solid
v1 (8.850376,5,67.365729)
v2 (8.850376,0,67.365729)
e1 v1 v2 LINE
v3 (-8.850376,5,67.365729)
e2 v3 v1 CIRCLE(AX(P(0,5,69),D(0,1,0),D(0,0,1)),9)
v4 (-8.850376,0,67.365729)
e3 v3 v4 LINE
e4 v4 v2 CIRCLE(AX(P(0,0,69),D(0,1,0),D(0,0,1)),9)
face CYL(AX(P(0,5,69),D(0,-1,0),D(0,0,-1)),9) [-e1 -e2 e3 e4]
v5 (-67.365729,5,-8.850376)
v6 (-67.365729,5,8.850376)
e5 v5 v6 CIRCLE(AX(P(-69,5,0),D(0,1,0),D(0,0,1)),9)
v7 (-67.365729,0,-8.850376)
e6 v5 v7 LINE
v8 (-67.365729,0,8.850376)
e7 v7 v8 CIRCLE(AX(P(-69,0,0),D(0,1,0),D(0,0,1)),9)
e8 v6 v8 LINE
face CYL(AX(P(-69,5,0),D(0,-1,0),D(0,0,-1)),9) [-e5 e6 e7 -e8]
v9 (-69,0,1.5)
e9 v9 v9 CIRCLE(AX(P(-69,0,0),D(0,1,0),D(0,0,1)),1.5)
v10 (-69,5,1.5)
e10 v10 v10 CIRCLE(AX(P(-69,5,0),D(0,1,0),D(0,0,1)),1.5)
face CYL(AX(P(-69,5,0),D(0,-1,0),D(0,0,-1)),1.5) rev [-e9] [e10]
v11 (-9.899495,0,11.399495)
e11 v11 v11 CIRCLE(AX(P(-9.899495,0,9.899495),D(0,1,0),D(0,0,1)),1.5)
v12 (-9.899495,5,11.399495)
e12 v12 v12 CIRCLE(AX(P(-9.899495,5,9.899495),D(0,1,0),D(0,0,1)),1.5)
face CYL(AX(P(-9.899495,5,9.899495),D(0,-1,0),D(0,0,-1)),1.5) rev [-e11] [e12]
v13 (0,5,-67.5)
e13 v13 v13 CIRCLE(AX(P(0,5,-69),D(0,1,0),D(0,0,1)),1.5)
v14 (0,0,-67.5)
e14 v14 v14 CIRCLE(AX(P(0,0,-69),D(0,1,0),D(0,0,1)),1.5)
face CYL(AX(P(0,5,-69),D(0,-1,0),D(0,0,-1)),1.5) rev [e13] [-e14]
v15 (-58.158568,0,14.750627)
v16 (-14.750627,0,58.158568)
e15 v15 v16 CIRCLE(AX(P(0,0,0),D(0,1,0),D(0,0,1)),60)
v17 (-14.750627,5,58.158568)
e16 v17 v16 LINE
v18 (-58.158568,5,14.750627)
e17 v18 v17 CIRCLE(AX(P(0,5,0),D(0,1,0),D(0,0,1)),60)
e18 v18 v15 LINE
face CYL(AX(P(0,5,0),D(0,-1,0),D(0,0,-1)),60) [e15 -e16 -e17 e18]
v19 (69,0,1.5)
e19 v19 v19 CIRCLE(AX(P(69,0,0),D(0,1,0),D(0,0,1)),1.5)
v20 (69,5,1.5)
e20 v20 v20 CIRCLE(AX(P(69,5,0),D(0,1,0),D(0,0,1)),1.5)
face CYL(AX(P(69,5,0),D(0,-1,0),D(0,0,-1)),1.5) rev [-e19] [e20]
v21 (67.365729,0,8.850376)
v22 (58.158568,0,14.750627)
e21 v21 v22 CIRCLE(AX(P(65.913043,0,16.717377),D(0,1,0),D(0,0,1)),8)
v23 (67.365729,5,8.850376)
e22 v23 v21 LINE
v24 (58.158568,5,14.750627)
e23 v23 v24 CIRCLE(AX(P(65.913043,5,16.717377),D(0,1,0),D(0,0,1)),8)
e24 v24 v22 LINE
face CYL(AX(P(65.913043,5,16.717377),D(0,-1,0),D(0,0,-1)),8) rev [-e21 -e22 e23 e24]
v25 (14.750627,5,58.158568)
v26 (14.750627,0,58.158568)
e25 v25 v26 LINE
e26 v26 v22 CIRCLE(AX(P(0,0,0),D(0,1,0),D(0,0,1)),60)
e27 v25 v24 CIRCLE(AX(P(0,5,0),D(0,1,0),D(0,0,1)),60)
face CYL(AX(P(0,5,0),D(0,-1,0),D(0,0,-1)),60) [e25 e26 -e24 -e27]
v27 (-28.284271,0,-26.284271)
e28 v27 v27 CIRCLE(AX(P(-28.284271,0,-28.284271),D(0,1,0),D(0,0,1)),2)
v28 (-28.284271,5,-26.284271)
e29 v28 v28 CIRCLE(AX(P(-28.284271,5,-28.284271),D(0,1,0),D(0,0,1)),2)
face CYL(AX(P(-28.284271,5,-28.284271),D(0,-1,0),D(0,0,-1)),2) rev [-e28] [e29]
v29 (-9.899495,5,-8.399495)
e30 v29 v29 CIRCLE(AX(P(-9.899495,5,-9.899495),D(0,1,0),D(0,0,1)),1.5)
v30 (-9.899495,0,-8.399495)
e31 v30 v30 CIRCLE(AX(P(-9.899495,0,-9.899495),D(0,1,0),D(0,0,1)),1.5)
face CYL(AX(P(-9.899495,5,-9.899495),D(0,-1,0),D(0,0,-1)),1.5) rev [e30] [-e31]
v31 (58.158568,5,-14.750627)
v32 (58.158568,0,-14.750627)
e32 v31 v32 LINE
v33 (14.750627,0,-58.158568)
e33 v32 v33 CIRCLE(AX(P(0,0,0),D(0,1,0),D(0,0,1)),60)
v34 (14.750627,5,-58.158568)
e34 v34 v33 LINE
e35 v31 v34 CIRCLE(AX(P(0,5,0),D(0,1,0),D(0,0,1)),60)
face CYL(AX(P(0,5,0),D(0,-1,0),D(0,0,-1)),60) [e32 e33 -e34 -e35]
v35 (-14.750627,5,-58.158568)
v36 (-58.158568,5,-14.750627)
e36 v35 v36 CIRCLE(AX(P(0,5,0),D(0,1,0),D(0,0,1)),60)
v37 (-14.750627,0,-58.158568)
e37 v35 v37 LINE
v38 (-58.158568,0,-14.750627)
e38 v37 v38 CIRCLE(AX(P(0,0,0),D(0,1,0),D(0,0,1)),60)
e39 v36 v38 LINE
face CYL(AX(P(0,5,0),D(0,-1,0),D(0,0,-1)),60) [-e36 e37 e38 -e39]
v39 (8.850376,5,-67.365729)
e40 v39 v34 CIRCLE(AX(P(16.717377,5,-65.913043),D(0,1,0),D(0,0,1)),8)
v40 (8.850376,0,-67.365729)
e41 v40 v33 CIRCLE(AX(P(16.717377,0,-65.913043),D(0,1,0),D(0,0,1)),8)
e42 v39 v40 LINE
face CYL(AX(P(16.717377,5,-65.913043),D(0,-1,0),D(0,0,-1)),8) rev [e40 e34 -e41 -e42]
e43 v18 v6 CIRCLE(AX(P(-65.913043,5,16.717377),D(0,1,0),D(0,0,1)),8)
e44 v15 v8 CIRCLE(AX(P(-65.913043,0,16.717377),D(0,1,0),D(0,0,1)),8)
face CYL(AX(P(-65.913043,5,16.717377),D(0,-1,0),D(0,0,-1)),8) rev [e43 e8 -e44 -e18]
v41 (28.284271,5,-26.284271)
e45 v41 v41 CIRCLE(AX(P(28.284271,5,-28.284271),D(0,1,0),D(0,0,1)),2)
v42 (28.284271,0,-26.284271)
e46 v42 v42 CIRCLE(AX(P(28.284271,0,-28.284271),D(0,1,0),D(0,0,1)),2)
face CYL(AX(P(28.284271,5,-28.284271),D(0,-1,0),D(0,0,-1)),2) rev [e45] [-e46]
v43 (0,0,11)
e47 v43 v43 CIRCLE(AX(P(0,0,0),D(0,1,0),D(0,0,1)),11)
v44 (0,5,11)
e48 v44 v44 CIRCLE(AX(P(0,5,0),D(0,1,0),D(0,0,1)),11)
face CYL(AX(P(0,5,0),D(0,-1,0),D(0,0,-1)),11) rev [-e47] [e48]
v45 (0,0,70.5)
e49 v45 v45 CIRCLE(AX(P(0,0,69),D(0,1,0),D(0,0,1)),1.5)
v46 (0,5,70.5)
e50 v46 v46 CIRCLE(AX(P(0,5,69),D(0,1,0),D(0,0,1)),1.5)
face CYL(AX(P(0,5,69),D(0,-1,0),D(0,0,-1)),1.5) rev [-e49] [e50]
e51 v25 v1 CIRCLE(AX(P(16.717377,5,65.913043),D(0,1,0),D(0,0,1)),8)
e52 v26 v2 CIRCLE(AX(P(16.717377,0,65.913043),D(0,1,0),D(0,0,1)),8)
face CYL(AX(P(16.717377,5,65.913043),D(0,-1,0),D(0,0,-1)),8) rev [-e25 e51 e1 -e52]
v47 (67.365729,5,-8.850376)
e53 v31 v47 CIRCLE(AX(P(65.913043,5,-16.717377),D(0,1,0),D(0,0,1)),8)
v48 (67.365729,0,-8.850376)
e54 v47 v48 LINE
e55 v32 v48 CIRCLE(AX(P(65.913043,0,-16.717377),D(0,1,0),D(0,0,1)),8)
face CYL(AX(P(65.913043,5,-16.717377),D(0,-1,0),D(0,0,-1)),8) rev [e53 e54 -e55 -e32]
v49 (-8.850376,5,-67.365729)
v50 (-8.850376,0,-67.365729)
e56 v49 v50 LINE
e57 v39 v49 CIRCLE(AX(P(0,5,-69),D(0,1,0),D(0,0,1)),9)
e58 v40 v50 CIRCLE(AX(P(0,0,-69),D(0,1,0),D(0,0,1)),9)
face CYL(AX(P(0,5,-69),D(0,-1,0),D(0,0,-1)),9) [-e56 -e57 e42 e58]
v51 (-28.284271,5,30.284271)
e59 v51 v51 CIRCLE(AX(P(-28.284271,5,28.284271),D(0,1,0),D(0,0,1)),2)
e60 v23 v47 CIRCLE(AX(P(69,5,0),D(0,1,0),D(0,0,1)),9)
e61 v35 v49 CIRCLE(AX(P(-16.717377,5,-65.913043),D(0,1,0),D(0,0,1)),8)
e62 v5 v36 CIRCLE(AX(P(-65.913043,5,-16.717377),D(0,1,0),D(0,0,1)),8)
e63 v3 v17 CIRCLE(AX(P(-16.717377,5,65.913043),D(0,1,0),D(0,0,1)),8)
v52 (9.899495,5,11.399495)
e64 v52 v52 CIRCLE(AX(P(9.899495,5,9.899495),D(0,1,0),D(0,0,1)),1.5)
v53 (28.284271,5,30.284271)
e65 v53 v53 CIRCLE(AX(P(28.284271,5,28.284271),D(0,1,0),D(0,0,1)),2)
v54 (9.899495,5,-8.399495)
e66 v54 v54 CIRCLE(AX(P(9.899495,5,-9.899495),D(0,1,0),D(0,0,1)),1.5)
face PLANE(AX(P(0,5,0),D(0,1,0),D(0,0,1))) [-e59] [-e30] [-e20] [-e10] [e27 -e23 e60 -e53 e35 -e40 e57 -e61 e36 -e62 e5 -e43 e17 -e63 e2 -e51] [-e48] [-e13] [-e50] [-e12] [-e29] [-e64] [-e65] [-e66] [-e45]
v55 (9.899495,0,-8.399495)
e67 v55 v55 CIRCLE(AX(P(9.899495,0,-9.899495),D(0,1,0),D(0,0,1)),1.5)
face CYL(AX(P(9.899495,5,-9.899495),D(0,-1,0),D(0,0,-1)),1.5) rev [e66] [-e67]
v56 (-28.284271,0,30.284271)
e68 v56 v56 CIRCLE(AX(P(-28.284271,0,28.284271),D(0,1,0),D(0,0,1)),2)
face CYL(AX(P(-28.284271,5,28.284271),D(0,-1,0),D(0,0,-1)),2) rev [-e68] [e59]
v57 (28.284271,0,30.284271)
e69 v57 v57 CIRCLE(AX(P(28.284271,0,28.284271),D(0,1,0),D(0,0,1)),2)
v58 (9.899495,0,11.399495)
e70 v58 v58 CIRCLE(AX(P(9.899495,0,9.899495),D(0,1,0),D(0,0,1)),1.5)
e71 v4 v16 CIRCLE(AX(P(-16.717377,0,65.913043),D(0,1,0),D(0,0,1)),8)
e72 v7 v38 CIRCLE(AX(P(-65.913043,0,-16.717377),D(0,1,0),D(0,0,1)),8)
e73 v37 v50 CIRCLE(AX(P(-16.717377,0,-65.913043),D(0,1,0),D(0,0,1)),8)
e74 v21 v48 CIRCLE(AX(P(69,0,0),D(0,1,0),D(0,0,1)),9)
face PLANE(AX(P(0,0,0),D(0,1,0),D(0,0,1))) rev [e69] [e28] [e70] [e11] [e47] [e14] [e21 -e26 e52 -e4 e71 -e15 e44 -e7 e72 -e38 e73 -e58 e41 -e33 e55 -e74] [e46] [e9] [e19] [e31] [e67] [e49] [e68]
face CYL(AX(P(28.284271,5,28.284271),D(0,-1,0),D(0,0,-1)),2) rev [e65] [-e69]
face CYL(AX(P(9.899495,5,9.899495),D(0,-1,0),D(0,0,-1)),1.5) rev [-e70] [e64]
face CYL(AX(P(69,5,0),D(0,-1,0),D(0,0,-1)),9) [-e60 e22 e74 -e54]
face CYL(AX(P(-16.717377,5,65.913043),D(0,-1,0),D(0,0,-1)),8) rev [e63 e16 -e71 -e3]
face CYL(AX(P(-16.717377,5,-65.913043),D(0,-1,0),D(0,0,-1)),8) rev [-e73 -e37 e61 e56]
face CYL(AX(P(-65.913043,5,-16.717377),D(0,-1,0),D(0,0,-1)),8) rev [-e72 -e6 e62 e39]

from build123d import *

# Parameters (mm, degrees)
SKETCH1_R           = 1.5
SKETCH1_R_2         = 11
SKETCH1_R_3         = 2
BOSS_EXTRUDE1_DEPTH = 5


with BuildPart() as part:
    # Sketch1 → Boss-Extrude1 (new body)
    with BuildSketch(Plane(origin=(0, 0, 0), x_dir=(1, 0, 0), z_dir=(0, 1, 0))):
        with BuildLine():
            ThreePointArc((14.750626914, -58.158567775), (9.981753959, -61.596635254), (8.850376149, -67.3657289))
            ThreePointArc((8.850376149, -67.3657289), (0, -78), (-8.850376149, -67.3657289))
            ThreePointArc((-8.850376149, -67.3657289), (-9.981753959, -61.596635254), (-14.750626914, -58.158567775))
            ThreePointArc((-14.750626914, -58.158567775), (-42.426406871, -42.426406871), (-58.158567775, -14.750626914))
            ThreePointArc((-58.158567775, -14.750626914), (-61.596635254, -9.981753959), (-67.3657289, -8.850376149))
            ThreePointArc((-67.3657289, -8.850376149), (-78, 0), (-67.3657289, 8.850376149))
            ThreePointArc((-67.3657289, 8.850376149), (-61.596635254, 9.981753959), (-58.158567775, 14.750626914))
            ThreePointArc((-58.158567775, 14.750626914), (-42.426406871, 42.426406871), (-14.750626914, 58.158567775))
            ThreePointArc((-14.750626914, 58.158567775), (-9.981753959, 61.596635254), (-8.850376149, 67.3657289))
            ThreePointArc((-8.850376149, 67.3657289), (0, 78), (8.850376149, 67.3657289))
            ThreePointArc((8.850376149, 67.3657289), (9.981753959, 61.596635254), (14.750626914, 58.158567775))
            ThreePointArc((14.750626914, 58.158567775), (42.426406871, 42.426406871), (58.158567775, 14.750626914))
            ThreePointArc((58.158567775, 14.750626914), (61.596635254, 9.981753959), (67.3657289, 8.850376149))
            ThreePointArc((67.3657289, 8.850376149), (78, 0), (67.3657289, -8.850376149))
            ThreePointArc((67.3657289, -8.850376149), (61.596635254, -9.981753959), (58.158567775, -14.750626914))
            ThreePointArc((58.158567775, -14.750626914), (42.426406871, -42.426406871), (14.750626914, -58.158567775))
        make_face()
        with Locations((0, -69)):
            Circle(SKETCH1_R, mode=Mode.SUBTRACT)
        with Locations((-69, 0)):
            Circle(SKETCH1_R, mode=Mode.SUBTRACT)
        with Locations((0, 69)):
            Circle(SKETCH1_R, mode=Mode.SUBTRACT)
        with Locations((69, 0)):
            Circle(SKETCH1_R, mode=Mode.SUBTRACT)
        Circle(SKETCH1_R_2, mode=Mode.SUBTRACT)
        with Locations((9.899494937, 9.899494937)):
            Circle(SKETCH1_R, mode=Mode.SUBTRACT)
        with Locations((9.899494937, -9.899494937)):
            Circle(SKETCH1_R, mode=Mode.SUBTRACT)
        with Locations((-9.899494937, -9.899494937)):
            Circle(SKETCH1_R, mode=Mode.SUBTRACT)
        with Locations((-9.899494937, 9.899494937)):
            Circle(SKETCH1_R, mode=Mode.SUBTRACT)
        with Locations((28.284271247, 28.284271247)):
            Circle(SKETCH1_R_3, mode=Mode.SUBTRACT)
        with Locations((28.284271247, -28.284271247)):
            Circle(SKETCH1_R_3, mode=Mode.SUBTRACT)
        with Locations((-28.284271247, -28.284271247)):
            Circle(SKETCH1_R_3, mode=Mode.SUBTRACT)
        with Locations((-28.284271247, 28.284271247)):
            Circle(SKETCH1_R_3, mode=Mode.SUBTRACT)
    extrude(amount=BOSS_EXTRUDE1_DEPTH)


solid = part.part
